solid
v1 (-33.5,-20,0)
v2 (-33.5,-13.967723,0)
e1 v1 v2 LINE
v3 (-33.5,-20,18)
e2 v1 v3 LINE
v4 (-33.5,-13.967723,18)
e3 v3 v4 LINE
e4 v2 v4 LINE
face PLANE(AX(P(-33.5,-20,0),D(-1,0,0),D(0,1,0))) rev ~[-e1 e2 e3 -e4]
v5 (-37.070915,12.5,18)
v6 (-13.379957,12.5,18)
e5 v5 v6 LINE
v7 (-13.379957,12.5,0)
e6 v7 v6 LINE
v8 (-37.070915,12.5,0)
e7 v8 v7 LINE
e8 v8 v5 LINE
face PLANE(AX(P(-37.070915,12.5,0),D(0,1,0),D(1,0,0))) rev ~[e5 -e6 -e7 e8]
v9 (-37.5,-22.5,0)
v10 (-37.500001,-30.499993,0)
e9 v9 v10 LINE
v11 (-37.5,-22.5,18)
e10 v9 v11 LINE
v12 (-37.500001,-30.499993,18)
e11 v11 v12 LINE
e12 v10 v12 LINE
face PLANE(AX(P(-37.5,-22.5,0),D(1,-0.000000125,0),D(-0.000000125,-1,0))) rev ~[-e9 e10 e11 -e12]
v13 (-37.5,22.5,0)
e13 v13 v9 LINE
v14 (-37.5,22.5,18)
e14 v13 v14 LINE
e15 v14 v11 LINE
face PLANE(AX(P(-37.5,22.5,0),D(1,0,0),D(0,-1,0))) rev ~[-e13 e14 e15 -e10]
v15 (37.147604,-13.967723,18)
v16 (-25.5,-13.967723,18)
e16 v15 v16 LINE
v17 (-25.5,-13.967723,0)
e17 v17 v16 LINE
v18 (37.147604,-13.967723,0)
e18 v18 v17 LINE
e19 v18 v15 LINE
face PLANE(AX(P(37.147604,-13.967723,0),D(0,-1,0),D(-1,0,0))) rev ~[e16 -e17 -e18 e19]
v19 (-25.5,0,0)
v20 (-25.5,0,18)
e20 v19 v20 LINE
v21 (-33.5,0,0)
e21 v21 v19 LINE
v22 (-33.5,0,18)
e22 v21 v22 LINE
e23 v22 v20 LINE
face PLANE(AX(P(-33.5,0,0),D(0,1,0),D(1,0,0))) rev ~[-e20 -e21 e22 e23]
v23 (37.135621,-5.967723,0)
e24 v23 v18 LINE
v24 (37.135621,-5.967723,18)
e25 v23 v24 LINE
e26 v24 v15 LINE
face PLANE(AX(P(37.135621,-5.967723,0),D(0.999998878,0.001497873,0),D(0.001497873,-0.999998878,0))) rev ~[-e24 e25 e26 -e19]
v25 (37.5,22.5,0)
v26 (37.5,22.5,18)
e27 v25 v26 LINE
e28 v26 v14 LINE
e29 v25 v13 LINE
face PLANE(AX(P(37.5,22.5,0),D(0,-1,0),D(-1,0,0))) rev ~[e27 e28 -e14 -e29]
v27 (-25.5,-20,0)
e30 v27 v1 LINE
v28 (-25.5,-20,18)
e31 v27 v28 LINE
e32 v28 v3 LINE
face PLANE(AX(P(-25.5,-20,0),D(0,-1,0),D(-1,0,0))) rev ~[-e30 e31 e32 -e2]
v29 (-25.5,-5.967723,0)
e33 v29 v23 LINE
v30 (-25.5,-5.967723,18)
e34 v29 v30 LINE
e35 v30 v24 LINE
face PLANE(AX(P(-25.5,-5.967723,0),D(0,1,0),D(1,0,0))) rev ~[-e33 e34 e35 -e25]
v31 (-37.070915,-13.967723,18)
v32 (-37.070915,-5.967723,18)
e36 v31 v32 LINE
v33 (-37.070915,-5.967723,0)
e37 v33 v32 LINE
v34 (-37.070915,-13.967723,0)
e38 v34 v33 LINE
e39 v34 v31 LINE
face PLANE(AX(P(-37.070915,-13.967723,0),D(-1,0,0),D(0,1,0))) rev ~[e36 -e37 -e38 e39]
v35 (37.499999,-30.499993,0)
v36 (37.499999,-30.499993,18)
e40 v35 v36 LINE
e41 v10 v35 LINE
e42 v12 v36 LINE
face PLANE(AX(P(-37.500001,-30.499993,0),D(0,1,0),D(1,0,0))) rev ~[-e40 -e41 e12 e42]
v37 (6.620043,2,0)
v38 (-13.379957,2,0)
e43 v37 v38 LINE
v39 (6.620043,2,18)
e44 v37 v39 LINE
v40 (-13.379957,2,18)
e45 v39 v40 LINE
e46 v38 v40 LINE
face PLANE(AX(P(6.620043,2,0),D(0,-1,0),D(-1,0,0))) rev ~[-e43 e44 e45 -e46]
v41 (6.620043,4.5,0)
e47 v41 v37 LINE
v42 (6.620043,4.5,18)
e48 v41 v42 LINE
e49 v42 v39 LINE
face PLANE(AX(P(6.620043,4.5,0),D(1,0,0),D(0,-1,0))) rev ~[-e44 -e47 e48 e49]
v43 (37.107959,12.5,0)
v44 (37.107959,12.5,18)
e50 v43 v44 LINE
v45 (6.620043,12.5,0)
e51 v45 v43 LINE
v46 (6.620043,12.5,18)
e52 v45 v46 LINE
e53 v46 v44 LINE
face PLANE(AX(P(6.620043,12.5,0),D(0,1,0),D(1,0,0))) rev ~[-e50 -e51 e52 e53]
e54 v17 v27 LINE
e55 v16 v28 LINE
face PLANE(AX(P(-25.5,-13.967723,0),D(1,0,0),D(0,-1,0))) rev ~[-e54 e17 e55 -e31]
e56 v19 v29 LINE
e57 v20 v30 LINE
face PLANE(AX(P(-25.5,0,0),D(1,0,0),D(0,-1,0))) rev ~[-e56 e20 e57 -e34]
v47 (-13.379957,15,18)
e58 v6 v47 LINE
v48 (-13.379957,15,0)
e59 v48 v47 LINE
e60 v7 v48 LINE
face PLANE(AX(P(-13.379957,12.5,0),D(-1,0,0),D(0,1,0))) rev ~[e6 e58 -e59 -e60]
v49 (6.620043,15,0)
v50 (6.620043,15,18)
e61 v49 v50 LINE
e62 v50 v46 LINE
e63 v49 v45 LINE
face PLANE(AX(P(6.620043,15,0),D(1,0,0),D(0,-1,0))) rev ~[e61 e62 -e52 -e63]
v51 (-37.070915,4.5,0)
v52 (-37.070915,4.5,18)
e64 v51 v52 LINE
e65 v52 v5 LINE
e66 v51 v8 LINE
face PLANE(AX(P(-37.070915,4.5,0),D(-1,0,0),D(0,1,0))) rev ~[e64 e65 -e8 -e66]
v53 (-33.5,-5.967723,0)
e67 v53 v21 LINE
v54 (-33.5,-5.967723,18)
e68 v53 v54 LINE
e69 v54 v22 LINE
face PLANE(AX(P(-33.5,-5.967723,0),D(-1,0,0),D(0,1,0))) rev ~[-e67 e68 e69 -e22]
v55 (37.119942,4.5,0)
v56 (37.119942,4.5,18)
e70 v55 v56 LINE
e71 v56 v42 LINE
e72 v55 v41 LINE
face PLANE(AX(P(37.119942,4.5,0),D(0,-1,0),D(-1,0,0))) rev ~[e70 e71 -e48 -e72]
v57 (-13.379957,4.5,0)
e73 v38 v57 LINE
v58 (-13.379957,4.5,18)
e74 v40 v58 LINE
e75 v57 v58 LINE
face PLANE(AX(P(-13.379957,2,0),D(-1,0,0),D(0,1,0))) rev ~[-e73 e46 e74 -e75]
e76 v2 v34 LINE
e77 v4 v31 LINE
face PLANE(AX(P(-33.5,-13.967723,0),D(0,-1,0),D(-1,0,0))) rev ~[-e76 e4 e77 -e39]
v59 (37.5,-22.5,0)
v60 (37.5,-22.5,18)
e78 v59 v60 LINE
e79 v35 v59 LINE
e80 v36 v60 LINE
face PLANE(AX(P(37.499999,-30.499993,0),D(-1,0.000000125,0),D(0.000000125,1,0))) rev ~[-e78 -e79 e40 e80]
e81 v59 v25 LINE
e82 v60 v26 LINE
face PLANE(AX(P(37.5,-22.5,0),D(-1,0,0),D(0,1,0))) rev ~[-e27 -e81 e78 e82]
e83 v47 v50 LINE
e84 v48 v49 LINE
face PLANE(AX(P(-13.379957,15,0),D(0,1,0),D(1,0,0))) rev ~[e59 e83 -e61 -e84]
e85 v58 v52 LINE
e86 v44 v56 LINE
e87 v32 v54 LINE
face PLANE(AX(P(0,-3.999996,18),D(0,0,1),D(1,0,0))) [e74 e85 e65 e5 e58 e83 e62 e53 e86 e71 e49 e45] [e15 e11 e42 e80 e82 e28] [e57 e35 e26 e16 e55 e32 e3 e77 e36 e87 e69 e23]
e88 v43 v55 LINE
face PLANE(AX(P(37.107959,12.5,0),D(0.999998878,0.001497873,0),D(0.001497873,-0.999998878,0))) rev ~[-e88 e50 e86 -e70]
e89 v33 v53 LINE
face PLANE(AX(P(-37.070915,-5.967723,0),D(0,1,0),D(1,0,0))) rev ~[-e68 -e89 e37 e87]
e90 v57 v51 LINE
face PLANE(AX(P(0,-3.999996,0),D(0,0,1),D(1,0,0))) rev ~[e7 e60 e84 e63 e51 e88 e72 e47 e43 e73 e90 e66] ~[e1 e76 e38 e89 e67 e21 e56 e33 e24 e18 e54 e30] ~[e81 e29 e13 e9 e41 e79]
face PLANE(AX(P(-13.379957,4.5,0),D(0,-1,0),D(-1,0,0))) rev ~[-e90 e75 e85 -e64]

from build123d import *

# Parameters (mm, degrees)
F1_DEPTH = 18


with BuildPart() as f1:
    # F0 (on Top) → F1 (new body)
    with BuildSketch(Plane.XY):
        Polygon((-37.500001, -30.499993), (37.499999, -30.499993), (37.5, -22.5), (37.5, 22.5), (-37.5, 22.5), (-37.5, -22.5), align=None)
        Polygon((-25.5, -13.967723), (-25.5, -20), (-33.5, -20), (-33.5, -13.967723), (-37.070915, -13.967723), (-37.070915, -5.967723), (-33.5, -5.967723), (-33.5, 0), (-25.5, 0), (-25.5, -5.967723), (37.135621, -5.967723), (37.147604, -13.967723), align=None, mode=Mode.SUBTRACT)
        Polygon((-13.379957, 12.5), (-13.379957, 15), (6.620043, 15), (6.620043, 12.5), (37.107959, 12.5), (37.119942, 4.5), (6.620043, 4.5), (6.620043, 2), (-13.379957, 2), (-13.379957, 4.5), (-37.070915, 4.5), (-37.070915, 12.5), align=None, mode=Mode.SUBTRACT)
    extrude(amount=F1_DEPTH)


solid = f1.part
